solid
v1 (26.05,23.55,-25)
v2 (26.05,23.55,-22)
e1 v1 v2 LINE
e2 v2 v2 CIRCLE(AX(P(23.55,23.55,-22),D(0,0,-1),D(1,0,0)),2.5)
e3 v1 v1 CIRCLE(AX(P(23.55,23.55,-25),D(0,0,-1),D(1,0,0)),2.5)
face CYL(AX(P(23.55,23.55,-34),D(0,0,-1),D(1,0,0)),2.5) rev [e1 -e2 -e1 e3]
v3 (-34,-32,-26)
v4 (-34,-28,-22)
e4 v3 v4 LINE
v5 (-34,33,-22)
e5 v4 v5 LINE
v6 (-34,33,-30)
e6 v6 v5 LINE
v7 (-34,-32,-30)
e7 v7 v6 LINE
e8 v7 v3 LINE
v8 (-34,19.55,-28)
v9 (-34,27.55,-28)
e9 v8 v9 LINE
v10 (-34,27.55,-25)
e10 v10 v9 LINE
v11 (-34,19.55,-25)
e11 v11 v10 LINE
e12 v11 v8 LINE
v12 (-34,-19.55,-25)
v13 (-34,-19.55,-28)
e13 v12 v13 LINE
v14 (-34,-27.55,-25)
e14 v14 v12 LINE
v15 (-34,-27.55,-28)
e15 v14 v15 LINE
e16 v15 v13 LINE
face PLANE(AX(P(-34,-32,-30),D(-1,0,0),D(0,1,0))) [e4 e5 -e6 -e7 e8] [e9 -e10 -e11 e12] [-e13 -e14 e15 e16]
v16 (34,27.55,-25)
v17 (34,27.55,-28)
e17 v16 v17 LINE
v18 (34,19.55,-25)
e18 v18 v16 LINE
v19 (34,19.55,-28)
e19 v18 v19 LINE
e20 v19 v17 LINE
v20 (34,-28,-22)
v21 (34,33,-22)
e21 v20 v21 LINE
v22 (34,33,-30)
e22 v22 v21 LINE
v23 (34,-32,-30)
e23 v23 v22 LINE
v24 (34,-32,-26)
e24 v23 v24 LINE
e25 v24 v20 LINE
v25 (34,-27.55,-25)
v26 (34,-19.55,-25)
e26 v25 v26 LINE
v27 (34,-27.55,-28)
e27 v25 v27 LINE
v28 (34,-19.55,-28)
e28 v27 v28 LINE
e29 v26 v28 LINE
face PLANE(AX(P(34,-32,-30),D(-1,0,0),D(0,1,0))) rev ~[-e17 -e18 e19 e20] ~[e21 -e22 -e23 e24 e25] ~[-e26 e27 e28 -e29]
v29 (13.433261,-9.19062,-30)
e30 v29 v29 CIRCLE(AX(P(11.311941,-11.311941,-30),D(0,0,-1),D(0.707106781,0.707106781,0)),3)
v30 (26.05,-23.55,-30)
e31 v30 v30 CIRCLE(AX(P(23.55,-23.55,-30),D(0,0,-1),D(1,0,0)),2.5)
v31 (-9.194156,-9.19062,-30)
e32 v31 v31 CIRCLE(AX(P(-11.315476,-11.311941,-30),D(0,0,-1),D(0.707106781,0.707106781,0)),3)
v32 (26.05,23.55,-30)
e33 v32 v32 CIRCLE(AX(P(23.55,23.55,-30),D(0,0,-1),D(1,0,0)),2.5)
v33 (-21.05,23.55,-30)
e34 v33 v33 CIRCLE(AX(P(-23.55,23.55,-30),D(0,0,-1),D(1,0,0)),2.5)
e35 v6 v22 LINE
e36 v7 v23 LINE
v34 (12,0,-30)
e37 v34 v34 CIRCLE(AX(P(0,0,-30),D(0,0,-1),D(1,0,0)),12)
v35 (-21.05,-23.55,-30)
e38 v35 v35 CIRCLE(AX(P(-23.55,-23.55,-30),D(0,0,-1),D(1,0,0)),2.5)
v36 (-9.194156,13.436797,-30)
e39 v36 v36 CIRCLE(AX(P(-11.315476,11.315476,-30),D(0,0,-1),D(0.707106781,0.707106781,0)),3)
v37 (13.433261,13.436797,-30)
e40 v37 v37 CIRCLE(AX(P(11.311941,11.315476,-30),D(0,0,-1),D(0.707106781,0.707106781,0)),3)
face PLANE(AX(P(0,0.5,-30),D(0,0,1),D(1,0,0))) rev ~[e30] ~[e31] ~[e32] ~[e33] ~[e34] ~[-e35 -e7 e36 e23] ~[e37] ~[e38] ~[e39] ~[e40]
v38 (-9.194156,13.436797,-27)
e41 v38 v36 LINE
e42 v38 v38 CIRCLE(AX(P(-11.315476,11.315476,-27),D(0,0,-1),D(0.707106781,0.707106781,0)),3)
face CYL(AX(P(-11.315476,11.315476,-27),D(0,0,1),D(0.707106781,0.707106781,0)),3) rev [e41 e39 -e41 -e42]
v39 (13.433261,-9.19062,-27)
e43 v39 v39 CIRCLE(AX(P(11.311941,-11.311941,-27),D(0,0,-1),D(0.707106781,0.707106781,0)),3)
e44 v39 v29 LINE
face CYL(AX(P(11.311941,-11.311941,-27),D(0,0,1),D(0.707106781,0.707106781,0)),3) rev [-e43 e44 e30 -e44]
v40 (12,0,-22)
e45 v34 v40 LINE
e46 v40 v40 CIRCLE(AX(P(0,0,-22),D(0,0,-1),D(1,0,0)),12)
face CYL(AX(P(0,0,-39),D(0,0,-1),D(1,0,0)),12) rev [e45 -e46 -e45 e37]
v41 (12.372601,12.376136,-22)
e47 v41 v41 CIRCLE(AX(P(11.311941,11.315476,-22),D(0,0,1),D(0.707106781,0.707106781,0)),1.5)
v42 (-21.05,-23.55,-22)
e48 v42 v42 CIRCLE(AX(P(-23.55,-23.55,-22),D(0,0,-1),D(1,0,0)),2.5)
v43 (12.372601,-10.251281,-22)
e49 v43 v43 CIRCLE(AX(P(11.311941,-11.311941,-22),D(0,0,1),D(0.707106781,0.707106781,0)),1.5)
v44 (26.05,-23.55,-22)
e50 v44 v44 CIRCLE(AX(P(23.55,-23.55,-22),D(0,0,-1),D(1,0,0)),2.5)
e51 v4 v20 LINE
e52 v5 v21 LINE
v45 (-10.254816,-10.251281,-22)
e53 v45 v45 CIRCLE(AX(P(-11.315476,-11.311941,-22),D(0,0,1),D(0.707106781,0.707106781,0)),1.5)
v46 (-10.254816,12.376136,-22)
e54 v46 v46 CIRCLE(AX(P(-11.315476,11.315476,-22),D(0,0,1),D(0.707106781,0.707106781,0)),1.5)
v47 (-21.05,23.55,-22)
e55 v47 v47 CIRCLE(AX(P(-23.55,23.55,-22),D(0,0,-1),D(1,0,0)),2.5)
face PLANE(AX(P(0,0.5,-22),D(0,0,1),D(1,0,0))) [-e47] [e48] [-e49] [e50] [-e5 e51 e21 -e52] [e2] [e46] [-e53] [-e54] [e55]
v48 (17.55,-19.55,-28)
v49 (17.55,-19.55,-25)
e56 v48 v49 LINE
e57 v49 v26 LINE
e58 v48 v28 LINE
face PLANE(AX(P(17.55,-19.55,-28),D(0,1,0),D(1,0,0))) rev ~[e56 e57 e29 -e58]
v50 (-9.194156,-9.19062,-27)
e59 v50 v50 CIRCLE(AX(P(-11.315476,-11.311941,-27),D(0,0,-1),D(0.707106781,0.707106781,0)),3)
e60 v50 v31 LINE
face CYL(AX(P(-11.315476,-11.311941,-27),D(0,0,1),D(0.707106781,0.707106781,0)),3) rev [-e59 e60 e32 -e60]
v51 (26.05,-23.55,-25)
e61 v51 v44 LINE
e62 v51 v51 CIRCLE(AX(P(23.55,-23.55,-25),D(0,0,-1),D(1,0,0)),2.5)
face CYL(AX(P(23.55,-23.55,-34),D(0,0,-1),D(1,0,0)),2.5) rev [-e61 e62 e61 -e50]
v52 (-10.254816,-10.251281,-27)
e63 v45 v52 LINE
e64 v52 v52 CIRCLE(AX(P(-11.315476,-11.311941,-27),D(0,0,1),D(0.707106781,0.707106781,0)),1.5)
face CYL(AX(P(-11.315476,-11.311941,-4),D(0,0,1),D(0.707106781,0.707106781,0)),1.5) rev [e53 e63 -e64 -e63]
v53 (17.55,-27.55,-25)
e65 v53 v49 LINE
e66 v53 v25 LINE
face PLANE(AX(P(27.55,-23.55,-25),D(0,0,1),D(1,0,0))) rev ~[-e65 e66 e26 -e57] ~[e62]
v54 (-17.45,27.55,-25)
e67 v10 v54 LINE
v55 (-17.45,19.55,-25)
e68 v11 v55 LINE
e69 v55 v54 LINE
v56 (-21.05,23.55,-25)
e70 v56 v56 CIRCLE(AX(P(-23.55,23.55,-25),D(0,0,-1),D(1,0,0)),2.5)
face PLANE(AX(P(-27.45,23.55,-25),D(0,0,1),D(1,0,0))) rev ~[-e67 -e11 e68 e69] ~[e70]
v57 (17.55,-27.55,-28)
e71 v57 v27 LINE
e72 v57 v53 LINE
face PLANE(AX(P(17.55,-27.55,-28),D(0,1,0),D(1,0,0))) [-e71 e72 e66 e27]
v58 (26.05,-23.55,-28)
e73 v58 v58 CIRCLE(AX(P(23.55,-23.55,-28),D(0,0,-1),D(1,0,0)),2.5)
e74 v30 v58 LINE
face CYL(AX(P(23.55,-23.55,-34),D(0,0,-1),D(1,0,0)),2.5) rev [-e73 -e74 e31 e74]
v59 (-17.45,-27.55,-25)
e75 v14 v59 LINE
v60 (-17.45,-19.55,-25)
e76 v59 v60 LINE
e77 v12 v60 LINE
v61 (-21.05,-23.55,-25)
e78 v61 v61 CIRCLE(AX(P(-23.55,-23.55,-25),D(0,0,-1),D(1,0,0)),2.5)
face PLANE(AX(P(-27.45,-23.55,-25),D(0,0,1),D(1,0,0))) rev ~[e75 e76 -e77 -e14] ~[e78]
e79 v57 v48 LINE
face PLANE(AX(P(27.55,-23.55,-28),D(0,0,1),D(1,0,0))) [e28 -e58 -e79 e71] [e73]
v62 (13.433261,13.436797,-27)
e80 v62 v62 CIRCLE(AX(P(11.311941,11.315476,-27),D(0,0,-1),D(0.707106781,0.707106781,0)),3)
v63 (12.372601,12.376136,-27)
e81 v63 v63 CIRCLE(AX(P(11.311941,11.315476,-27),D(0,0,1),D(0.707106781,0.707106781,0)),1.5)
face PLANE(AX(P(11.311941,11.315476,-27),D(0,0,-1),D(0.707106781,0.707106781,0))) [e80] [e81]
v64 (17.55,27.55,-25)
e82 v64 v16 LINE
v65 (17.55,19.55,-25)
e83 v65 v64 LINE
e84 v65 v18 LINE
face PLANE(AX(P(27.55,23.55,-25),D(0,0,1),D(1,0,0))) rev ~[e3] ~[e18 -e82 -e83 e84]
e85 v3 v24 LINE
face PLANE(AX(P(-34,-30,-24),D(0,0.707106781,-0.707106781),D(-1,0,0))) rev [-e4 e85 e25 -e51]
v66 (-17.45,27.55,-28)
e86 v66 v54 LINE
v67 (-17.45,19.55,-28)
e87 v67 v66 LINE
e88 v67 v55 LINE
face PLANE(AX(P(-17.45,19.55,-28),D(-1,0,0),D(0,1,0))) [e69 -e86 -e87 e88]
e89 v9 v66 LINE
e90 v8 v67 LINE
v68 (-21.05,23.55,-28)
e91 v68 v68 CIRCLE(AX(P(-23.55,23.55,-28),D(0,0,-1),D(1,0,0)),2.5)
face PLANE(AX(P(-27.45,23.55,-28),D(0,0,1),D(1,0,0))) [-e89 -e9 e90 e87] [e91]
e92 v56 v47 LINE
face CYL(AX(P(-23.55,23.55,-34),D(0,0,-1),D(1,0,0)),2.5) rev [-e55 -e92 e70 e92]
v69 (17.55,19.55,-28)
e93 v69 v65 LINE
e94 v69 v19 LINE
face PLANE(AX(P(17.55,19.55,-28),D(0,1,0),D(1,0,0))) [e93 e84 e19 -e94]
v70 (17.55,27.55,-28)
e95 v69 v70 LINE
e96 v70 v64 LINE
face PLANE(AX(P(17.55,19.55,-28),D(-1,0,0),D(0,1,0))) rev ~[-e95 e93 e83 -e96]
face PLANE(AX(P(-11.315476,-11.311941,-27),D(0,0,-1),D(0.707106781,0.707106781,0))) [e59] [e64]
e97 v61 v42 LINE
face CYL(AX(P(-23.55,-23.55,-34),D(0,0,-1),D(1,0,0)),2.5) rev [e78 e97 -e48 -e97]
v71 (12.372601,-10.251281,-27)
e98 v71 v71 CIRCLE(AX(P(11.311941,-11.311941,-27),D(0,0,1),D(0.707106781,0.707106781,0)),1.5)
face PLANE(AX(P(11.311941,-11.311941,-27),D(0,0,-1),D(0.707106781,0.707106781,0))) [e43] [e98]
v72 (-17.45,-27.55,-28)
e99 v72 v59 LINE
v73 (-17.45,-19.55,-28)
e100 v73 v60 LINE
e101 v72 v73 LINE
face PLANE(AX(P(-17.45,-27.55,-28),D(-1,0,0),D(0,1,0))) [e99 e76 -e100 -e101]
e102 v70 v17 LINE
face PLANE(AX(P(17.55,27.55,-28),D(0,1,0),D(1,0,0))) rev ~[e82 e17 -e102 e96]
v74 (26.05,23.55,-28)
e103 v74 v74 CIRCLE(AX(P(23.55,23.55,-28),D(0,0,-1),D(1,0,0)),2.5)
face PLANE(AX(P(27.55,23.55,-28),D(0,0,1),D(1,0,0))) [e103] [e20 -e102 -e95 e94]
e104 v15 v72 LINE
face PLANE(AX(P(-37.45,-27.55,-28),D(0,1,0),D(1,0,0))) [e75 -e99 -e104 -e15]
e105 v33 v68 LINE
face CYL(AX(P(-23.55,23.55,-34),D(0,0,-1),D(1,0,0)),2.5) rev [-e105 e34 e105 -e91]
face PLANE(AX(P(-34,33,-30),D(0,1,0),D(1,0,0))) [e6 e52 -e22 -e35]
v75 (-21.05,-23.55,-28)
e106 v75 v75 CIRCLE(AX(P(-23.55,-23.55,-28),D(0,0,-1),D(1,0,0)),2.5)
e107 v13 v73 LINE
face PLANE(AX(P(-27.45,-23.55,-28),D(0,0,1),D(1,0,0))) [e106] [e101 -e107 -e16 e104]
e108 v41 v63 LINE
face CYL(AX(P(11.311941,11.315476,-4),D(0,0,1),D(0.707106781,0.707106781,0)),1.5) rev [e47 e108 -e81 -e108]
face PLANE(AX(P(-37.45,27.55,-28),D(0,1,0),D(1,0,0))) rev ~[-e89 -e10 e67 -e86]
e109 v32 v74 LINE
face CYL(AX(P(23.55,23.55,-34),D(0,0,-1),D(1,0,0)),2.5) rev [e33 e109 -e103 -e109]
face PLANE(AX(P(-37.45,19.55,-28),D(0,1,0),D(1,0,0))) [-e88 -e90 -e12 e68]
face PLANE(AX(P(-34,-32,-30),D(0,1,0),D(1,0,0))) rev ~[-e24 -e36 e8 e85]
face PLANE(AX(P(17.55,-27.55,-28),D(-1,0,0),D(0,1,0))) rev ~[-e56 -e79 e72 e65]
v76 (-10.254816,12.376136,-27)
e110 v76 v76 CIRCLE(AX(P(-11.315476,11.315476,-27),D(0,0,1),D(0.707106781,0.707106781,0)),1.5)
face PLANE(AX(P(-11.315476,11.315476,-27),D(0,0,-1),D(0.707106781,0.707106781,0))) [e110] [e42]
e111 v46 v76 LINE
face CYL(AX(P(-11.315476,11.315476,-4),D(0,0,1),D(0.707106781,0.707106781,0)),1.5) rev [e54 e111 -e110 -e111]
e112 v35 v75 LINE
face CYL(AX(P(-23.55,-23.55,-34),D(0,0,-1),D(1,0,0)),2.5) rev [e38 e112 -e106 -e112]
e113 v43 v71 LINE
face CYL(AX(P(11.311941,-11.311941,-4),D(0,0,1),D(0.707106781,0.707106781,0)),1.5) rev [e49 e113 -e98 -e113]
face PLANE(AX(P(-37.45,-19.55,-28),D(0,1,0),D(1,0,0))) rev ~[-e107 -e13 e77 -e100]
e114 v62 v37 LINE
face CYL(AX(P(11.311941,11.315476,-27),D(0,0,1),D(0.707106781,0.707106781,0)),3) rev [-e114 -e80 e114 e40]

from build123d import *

# Parameters (mm, degrees)
CYLINDER1852_R              = 3
CYLINDER1852_DEPTH          = 3
CYLINDER1853_R              = 3
CYLINDER1853_DEPTH          = 3
CYLINDER1854_R              = 3
CYLINDER1854_DEPTH          = 3
CYLINDER1851_R              = 3
CYLINDER1851_DEPTH          = 3
COMPOUND933_ROLL_ANGLE      = 90
COMPOUND933_PLACEMENT_ANGLE = 45
CYLINDER1848_R              = 1.5
CYLINDER1848_DEPTH          = 40
CYLINDER1850_R              = 1.5
CYLINDER1850_DEPTH          = 40
CYLINDER1849_R              = 1.5
CYLINDER1849_DEPTH          = 40
CYLINDER1847_R              = 1.5
CYLINDER1847_DEPTH          = 40
COMPOUND925_ROLL_ANGLE      = 90
COMPOUND925_PLACEMENT_ANGLE = 45
CYLINDER1867_R              = 12
CYLINDER1867_DEPTH          = 20
CYLINDER1866_R              = 2.5
CYLINDER1866_DEPTH          = 20
CYLINDER1864_R              = 2.5
CYLINDER1864_DEPTH          = 20
CYLINDER1863_R              = 2.5
CYLINDER1863_DEPTH          = 20
CYLINDER1865_R              = 2.5
CYLINDER1865_DEPTH          = 20
BOX324_W                    = 20
BOX324_H                    = 8
BOX324_DEPTH                = 3
BOX328_W                    = 20
BOX328_H                    = 8
BOX328_DEPTH                = 3
BOX330_W                    = 20
BOX330_H                    = 8
BOX330_DEPTH                = 3
BOX323_W                    = 20
BOX323_H                    = 8
BOX323_DEPTH                = 3
BOX329_W                    = 68
BOX329_H                    = 65
BOX329_DEPTH                = 8
CHAMFER014_SIZE             = 4


with BuildPart() as v_lec1852:
    # Cylinder1852 → Cylinder1852 (new body)
    with BuildSketch(Plane(origin=(16, 140, 49), x_dir=(1, 0, 0), z_dir=(0, -1, 0))):
        Circle(CYLINDER1852_R)
    extrude(amount=CYLINDER1852_DEPTH)


with BuildPart() as v_lec1853:
    # Cylinder1853 → Cylinder1853 (new body)
    with BuildSketch(Plane(origin=(-16, 140, 49), x_dir=(1, 0, 0), z_dir=(0, -1, 0))):
        Circle(CYLINDER1853_R)
    extrude(amount=CYLINDER1853_DEPTH)


with BuildPart() as v_lec1854:
    # Cylinder1854 → Cylinder1854 (new body)
    with BuildSketch(Plane(origin=(0, 140, 33), x_dir=(1, 0, 0), z_dir=(0, -1, 0))):
        Circle(CYLINDER1854_R)
    extrude(amount=CYLINDER1854_DEPTH)


with BuildPart() as compound933:
    # Cylinder1851 → Cylinder1851 (new body)
    with BuildSketch(Plane(origin=(0, 140, 65), x_dir=(1, 0, 0), z_dir=(0, -1, 0))):
        Circle(CYLINDER1851_R)
    extrude(amount=CYLINDER1851_DEPTH)

    # Compound933: union Válec1852, Válec1853, Válec1854
    add(v_lec1852.part)
    add(v_lec1853.part)
    add(v_lec1854.part)


with BuildPart() as compound933_1:
    # Compound933 roll: moved
    add(compound933.part.rotate(Axis((0, 0, 0), (1, 0, 0)), COMPOUND933_ROLL_ANGLE))


with BuildPart() as compound933_2:
    # Compound933 placement: moved
    add(compound933_1.part.moved(Location((-34.65, 34.65, -167))).rotate(Axis((-34.65, 34.65, -167), (0, 0, 1)), COMPOUND933_PLACEMENT_ANGLE))


with BuildPart() as v_lec1848:
    # Cylinder1848 → Cylinder1848 (new body)
    with BuildSketch(Plane(origin=(16, 140, 49), x_dir=(1, 0, 0), z_dir=(0, -1, 0))):
        Circle(CYLINDER1848_R)
    extrude(amount=CYLINDER1848_DEPTH)


with BuildPart() as v_lec1850:
    # Cylinder1850 → Cylinder1850 (new body)
    with BuildSketch(Plane(origin=(-16, 140, 49), x_dir=(1, 0, 0), z_dir=(0, -1, 0))):
        Circle(CYLINDER1850_R)
    extrude(amount=CYLINDER1850_DEPTH)


with BuildPart() as v_lec1849:
    # Cylinder1849 → Cylinder1849 (new body)
    with BuildSketch(Plane(origin=(0, 140, 33), x_dir=(1, 0, 0), z_dir=(0, -1, 0))):
        Circle(CYLINDER1849_R)
    extrude(amount=CYLINDER1849_DEPTH)


with BuildPart() as compound925:
    # Cylinder1847 → Cylinder1847 (new body)
    with BuildSketch(Plane(origin=(0, 140, 65), x_dir=(1, 0, 0), z_dir=(0, -1, 0))):
        Circle(CYLINDER1847_R)
    extrude(amount=CYLINDER1847_DEPTH)

    # Compound925: union Válec1848, Válec1850, Válec1849
    add(v_lec1848.part)
    add(v_lec1850.part)
    add(v_lec1849.part)


with BuildPart() as compound925_1:
    # Compound925 roll: moved
    add(compound925.part.rotate(Axis((0, 0, 0), (1, 0, 0)), COMPOUND925_ROLL_ANGLE))


with BuildPart() as compound925_2:
    # Compound925 placement: moved
    add(compound925_1.part.moved(Location((-34.65, 34.65, -144))).rotate(Axis((-34.65, 34.65, -144), (0, 0, 1)), COMPOUND925_PLACEMENT_ANGLE))


with BuildPart() as v_lec1867:
    # Cylinder1867 → Cylinder1867 (new body)
    with BuildSketch(Plane.XY.offset(-39)):
        Circle(CYLINDER1867_R)
    extrude(amount=CYLINDER1867_DEPTH)


with BuildPart() as v_lec1866:
    # Cylinder1866 → Cylinder1866 (new body)
    with BuildSketch(Plane(origin=(-23.55, 23.55, -34), x_dir=(1, 0, 0), z_dir=(0, 0, 1))):
        Circle(CYLINDER1866_R)
    extrude(amount=CYLINDER1866_DEPTH)


with BuildPart() as v_lec1864:
    # Cylinder1864 → Cylinder1864 (new body)
    with BuildSketch(Plane(origin=(-23.55, -23.55, -34), x_dir=(1, 0, 0), z_dir=(0, 0, 1))):
        Circle(CYLINDER1864_R)
    extrude(amount=CYLINDER1864_DEPTH)


with BuildPart() as v_lec1863:
    # Cylinder1863 → Cylinder1863 (new body)
    with BuildSketch(Plane(origin=(23.55, -23.55, -34), x_dir=(1, 0, 0), z_dir=(0, 0, 1))):
        Circle(CYLINDER1863_R)
    extrude(amount=CYLINDER1863_DEPTH)


with BuildPart() as compound931:
    # Cylinder1865 → Cylinder1865 (new body)
    with BuildSketch(Plane(origin=(23.55, 23.55, -34), x_dir=(1, 0, 0), z_dir=(0, 0, 1))):
        Circle(CYLINDER1865_R)
    extrude(amount=CYLINDER1865_DEPTH)

    # Compound931: union Válec1866, Válec1864, Válec1863
    add(v_lec1866.part)
    add(v_lec1864.part)
    add(v_lec1863.part)


with BuildPart() as krychle324:
    # Box324 → Box324 (new body)
    with BuildSketch(Plane(origin=(17.55, -27.55, -28), x_dir=(1, 0, 0), z_dir=(0, 0, 1))):
        with Locations((10, 4)):
            Rectangle(BOX324_W, BOX324_H)
    extrude(amount=BOX324_DEPTH)


with BuildPart() as krychle328:
    # Box328 → Box328 (new body)
    with BuildSketch(Plane(origin=(-37.45, 19.55, -28), x_dir=(1, 0, 0), z_dir=(0, 0, 1))):
        with Locations((10, 4)):
            Rectangle(BOX328_W, BOX328_H)
    extrude(amount=BOX328_DEPTH)


with BuildPart() as krychle330:
    # Box330 → Box330 (new body)
    with BuildSketch(Plane(origin=(-37.45, -27.55, -28), x_dir=(1, 0, 0), z_dir=(0, 0, 1))):
        with Locations((10, 4)):
            Rectangle(BOX330_W, BOX330_H)
    extrude(amount=BOX330_DEPTH)


with BuildPart() as compound932:
    # Box323 → Box323 (new body)
    with BuildSketch(Plane(origin=(17.55, 19.55, -28), x_dir=(1, 0, 0), z_dir=(0, 0, 1))):
        with Locations((10, 4)):
            Rectangle(BOX323_W, BOX323_H)
    extrude(amount=BOX323_DEPTH)

    # Compound932: union Krychle324, Krychle328, Krychle330
    add(krychle324.part)
    add(krychle328.part)
    add(krychle330.part)


with BuildPart() as chamfer014:
    # Box329 → Box329 (new body)
    with BuildSketch(Plane(origin=(-34, -32, -30), x_dir=(1, 0, 0), z_dir=(0, 0, 1))):
        with Locations((34, 32.5)):
            Rectangle(BOX329_W, BOX329_H)
    extrude(amount=BOX329_DEPTH)

    # Cut314: cut Compound932
    add(compound932.part, mode=Mode.SUBTRACT)

    # Cut317: cut Compound931
    add(compound931.part, mode=Mode.SUBTRACT)

    # Cut315: cut Válec1867
    add(v_lec1867.part, mode=Mode.SUBTRACT)

    # Cut319: cut Compound925
    add(compound925_2.part, mode=Mode.SUBTRACT)

    # Cut312: cut Compound933
    add(compound933_2.part, mode=Mode.SUBTRACT)

    # Chamfer014
    chamfer014_edges = [chamfer014.edges().sort_by_distance(p)[0] for p in [
        (0, -32, -22),
    ]]
    chamfer(chamfer014_edges, length=CHAMFER014_SIZE)


solid = chamfer014.part
